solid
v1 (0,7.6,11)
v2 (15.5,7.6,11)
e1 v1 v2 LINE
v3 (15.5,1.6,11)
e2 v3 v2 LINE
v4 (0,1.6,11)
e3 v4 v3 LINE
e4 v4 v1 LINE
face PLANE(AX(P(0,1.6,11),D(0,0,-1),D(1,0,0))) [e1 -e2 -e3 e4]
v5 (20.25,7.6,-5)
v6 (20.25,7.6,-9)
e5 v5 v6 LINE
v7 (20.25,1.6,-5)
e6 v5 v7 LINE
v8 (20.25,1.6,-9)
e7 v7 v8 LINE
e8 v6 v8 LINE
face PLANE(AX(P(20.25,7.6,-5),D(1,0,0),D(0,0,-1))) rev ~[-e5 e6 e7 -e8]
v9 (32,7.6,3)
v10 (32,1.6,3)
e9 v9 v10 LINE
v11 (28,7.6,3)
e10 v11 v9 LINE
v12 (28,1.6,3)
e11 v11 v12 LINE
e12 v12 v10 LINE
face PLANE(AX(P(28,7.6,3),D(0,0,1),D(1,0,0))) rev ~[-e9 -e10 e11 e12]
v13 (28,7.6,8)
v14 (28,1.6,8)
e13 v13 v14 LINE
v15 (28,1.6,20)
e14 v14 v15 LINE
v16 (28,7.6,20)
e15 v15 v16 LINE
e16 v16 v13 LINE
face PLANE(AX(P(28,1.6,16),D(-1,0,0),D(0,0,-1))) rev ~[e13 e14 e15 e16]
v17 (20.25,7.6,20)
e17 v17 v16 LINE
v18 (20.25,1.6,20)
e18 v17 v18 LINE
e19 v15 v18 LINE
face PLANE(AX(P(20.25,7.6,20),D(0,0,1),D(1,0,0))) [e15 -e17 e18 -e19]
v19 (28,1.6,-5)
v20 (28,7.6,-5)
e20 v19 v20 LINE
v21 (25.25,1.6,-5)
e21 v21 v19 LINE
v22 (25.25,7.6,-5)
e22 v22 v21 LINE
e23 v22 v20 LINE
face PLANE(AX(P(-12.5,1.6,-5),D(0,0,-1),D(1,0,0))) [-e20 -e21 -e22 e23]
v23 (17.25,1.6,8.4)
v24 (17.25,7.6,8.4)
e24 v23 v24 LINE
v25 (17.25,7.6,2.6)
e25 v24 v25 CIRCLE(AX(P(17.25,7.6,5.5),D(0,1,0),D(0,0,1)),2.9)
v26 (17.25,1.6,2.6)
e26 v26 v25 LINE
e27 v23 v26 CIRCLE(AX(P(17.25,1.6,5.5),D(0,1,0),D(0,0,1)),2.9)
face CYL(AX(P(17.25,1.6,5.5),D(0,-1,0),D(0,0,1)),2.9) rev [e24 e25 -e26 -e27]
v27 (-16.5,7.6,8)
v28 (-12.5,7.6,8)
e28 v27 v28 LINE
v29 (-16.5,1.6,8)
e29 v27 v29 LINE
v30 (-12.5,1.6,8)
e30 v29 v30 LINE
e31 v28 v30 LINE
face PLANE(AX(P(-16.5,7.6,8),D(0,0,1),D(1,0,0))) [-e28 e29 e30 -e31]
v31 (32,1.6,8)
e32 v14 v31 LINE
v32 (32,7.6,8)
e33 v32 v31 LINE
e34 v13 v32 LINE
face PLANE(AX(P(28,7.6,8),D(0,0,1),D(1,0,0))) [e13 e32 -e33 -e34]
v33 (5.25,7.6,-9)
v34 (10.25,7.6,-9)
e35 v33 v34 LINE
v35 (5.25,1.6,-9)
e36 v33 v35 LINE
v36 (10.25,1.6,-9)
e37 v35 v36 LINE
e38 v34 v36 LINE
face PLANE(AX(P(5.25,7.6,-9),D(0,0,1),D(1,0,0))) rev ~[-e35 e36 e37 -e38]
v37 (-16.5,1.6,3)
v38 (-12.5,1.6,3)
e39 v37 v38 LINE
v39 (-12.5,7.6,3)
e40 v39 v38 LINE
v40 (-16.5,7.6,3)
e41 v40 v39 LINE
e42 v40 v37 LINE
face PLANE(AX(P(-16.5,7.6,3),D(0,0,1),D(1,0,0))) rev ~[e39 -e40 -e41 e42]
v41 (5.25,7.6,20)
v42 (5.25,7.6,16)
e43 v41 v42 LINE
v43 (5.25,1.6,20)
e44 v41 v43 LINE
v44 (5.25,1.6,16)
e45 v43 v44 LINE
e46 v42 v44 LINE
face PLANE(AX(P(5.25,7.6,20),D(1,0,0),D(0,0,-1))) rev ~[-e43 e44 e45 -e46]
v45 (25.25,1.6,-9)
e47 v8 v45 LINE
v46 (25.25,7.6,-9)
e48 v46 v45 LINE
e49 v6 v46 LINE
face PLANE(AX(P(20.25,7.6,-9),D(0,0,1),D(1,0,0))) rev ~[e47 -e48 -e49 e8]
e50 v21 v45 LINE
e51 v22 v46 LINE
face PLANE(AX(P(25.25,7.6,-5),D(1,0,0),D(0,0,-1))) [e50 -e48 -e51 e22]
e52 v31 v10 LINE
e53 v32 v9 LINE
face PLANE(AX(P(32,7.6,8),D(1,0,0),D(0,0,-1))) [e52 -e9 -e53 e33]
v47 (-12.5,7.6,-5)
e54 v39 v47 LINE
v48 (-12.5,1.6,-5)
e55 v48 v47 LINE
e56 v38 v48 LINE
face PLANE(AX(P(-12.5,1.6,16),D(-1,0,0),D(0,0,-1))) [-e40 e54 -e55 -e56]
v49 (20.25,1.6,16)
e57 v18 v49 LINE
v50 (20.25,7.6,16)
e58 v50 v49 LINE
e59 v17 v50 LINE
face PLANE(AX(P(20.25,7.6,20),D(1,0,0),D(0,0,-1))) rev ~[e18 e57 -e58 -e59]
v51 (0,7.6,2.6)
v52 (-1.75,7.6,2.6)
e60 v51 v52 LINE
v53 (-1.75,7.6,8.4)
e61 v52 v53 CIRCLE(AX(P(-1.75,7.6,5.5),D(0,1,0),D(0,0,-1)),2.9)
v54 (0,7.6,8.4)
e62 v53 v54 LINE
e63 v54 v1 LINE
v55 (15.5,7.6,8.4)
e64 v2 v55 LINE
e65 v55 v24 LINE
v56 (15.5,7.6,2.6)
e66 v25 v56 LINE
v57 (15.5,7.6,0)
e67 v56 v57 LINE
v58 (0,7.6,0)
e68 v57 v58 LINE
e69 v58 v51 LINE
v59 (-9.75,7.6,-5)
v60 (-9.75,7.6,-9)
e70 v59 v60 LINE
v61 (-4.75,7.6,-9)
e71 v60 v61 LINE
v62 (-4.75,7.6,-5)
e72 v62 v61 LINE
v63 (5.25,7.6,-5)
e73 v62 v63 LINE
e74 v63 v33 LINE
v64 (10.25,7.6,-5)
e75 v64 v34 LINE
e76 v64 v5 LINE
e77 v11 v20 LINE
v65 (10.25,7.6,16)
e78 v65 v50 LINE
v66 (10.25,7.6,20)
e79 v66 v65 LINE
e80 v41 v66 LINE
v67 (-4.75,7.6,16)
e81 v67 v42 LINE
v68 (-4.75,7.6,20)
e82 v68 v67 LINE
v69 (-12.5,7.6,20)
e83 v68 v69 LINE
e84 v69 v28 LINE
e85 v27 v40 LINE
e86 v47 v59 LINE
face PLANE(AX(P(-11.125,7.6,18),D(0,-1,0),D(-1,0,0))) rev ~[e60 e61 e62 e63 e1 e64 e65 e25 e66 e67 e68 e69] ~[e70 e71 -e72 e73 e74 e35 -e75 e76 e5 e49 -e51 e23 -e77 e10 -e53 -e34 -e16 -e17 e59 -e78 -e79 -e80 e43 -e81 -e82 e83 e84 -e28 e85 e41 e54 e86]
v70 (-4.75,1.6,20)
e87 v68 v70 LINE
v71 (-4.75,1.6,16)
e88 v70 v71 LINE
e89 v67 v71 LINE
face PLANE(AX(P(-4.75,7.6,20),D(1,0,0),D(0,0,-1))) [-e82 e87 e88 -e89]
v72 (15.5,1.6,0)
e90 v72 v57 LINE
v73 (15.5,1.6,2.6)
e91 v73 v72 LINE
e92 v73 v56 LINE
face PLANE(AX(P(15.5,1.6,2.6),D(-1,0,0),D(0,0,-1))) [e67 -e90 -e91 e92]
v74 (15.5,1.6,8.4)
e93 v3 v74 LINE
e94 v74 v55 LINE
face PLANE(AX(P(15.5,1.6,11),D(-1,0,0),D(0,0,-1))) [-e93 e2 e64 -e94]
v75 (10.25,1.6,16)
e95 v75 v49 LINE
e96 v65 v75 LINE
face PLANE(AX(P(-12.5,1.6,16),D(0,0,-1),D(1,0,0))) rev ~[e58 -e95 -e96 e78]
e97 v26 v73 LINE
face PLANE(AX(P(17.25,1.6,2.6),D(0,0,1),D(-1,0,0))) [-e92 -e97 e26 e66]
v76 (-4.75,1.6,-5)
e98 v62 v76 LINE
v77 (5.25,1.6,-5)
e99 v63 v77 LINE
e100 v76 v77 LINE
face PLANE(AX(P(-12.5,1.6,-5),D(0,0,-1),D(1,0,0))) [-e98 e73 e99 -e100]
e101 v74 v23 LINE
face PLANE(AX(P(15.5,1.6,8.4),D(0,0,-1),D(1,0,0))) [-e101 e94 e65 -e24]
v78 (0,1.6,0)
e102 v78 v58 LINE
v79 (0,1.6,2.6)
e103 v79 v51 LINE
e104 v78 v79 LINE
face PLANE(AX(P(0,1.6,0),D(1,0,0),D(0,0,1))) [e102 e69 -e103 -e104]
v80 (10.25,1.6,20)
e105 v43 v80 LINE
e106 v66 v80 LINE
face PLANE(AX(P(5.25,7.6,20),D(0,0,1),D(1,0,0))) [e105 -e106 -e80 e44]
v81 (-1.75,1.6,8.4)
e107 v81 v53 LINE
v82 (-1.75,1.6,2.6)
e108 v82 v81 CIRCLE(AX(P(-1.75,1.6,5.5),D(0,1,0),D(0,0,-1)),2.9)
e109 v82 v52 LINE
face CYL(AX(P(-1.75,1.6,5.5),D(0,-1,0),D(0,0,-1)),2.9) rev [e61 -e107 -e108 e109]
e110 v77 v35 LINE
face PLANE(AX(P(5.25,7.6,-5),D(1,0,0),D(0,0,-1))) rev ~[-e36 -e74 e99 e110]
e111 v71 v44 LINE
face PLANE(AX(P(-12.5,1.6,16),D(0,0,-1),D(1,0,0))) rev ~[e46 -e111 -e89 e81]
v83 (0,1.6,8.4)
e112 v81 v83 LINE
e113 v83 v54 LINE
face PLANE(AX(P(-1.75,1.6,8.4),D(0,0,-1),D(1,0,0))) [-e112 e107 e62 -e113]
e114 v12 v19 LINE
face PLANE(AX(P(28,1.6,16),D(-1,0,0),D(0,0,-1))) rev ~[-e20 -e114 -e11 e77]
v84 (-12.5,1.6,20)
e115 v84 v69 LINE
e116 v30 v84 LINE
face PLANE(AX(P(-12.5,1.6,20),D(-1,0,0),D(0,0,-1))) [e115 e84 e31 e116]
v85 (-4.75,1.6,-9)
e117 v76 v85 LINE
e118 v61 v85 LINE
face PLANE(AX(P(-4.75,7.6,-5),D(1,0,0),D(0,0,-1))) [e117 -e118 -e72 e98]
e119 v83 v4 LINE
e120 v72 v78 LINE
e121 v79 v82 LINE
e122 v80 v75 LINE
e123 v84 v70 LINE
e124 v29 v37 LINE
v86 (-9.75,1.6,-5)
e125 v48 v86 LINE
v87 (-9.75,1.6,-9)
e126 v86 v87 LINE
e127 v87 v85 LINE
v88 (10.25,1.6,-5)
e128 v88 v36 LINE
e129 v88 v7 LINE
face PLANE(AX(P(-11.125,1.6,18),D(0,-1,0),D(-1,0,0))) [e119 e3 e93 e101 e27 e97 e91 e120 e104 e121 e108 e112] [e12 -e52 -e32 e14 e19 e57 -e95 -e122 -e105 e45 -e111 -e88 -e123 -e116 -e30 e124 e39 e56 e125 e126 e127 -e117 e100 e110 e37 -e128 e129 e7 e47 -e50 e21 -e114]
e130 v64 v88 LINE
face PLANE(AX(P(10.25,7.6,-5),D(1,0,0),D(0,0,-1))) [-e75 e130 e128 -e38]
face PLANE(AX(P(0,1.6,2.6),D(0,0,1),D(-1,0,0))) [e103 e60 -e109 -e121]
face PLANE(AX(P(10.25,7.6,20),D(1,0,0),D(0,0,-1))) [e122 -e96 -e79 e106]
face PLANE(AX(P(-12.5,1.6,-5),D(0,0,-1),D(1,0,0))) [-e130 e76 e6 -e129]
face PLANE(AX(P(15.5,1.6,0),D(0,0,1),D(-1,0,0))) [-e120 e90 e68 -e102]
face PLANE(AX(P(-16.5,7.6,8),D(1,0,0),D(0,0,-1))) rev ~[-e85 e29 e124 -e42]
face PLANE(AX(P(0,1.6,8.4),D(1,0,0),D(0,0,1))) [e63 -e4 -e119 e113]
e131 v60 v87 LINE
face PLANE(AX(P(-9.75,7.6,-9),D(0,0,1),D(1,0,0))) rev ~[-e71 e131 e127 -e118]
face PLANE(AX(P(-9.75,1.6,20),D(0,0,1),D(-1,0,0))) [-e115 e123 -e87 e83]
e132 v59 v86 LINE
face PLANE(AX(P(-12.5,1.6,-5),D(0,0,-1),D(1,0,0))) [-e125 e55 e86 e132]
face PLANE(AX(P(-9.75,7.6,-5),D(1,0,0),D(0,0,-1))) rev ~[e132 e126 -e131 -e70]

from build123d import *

# Parameters (mm, degrees)
SKETCH1_W           = 15.5
SKETCH1_H           = 11
BOSS_EXTRUDE1_DEPTH = 1.6
BOSS_EXTRUDE2_DEPTH = 1.6
SKETCH3_W           = 40.5
SKETCH3_H           = 21
BOSS_EXTRUDE3_DEPTH = 6
CUT_EXTRUDE1_DEPTH  = 2.6
SKETCH5_W           = 5
SKETCH5_H           = 4
BOSS_EXTRUDE4_DEPTH = 6
LPATTERN1_COUNT     = 2
LPATTERN1_PITCH     = 15
LPATTERN1_COL_COUNT = 2
LPATTERN1_COL_PITCH = 15
SKETCH6_W           = 4
SKETCH6_H           = 5
BOSS_EXTRUDE5_DEPTH = 6
SKETCH7_W           = 2.75
SKETCH7_H           = 4
BOSS_EXTRUDE6_DEPTH = 6


with BuildPart() as part:
    # Sketch1 → Boss-Extrude1 (new body)
    with BuildSketch(Plane(origin=(0, 0, 0), x_dir=(1, 0, 0), z_dir=(0, 1, 0))):
        with Locations((7.75, -5.5)):
            Rectangle(SKETCH1_W, SKETCH1_H)
    extrude(amount=BOSS_EXTRUDE1_DEPTH)

    # Sketch2 → Boss-Extrude2 (add, through all)
    with BuildSketch(Plane(origin=(0, 1.6, 0), x_dir=(1, 0, 0), z_dir=(0, 1, 0))):
        with BuildLine():
            Line((-1.75, -4), (-1.75, -2.6))
            ThreePointArc((-1.75, -2.6), (-4.65, -5.5), (-1.75, -8.4))
            Line((-1.75, -8.4), (-1.75, -7))
            ThreePointArc((-1.75, -7), (-3.25, -5.5), (-1.75, -4))
        make_face()
        with BuildLine():
            ThreePointArc((0, -3.187533784), (-0.827002716, -2.750804479), (-1.75, -2.6))
            Line((-1.75, -2.6), (-1.75, -4))
            ThreePointArc((-1.75, -4), (-0.689339828, -4.439339828), (-0.25, -5.5))
            ThreePointArc((-0.25, -5.5), (-0.689339828, -6.560660172), (-1.75, -7))
            Line((-1.75, -7), (-1.75, -8.4))
            ThreePointArc((-1.75, -8.4), (-0.827002716, -8.249195521), (0, -7.812466216))
            Line((0, -7.812466216), (0, -3.187533784))
        make_face()
        with BuildLine():
            Line((0, -2.6), (-1.75, -2.6))
            ThreePointArc((-1.75, -2.6), (-0.827002716, -2.750804479), (0, -3.187533784))
            Line((0, -3.187533784), (0, -2.6))
        make_face()
        with BuildLine():
            ThreePointArc((0, -7.812466216), (-0.827002716, -8.249195521), (-1.75, -8.4))
            Line((-1.75, -8.4), (0, -8.4))
            Line((0, -8.4), (0, -7.812466216))
        make_face()
        with BuildLine():
            ThreePointArc((20.15, -5.5), (19.300609665, -3.449390335), (17.25, -2.6))
            Line((17.25, -2.6), (17.25, -4))
            ThreePointArc((17.25, -4), (18.310660172, -4.439339828), (18.75, -5.5))
            ThreePointArc((18.75, -5.5), (18.310660172, -6.560660172), (17.25, -7))
            Line((17.25, -7), (17.25, -8.4))
            ThreePointArc((17.25, -8.4), (19.300609665, -7.550609665), (20.15, -5.5))
        make_face()
        with BuildLine():
            Line((17.25, -4), (17.25, -2.6))
            ThreePointArc((17.25, -2.6), (16.327002716, -2.750804479), (15.5, -3.187533784))
            Line((15.5, -3.187533784), (15.5, -7.812466216))
            ThreePointArc((15.5, -7.812466216), (16.327002716, -8.249195521), (17.25, -8.4))
            Line((17.25, -8.4), (17.25, -7))
            ThreePointArc((17.25, -7), (15.75, -5.5), (17.25, -4))
        make_face()
        with BuildLine():
            Line((17.25, -2.6), (15.5, -2.6))
            Line((15.5, -2.6), (15.5, -3.187533784))
            ThreePointArc((15.5, -3.187533784), (16.327002716, -2.750804479), (17.25, -2.6))
        make_face()
        with BuildLine():
            Line((15.5, -7.812466216), (15.5, -8.4))
            Line((15.5, -8.4), (17.25, -8.4))
            ThreePointArc((17.25, -8.4), (16.327002716, -8.249195521), (15.5, -7.812466216))
        make_face()
    extrude(amount=-BOSS_EXTRUDE2_DEPTH)

    # Sketch4 → Cut-Extrude1 (cut, through all)
    with BuildSketch(Plane(origin=(0, 1.6, 0), x_dir=(1, 0, 0), z_dir=(0, 1, 0))):
        with BuildLine():
            Line((0, 0), (0, -2.6))
            Line((0, -2.6), (-1.75, -2.6))
            ThreePointArc((-1.75, -2.6), (-4.65, -5.5), (-1.75, -8.4))
            Line((-1.75, -8.4), (0, -8.4))
            Line((0, -8.4), (0, -11))
            Line((0, -11), (15.5, -11))
            Line((15.5, -11), (15.5, -8.4))
            Line((15.5, -8.4), (17.25, -8.4))
            ThreePointArc((17.25, -8.4), (20.15, -5.5), (17.25, -2.6))
            Line((17.25, -2.6), (15.5, -2.6))
            Line((15.5, -2.6), (15.5, 0))
            Line((15.5, 0), (0, 0))
        make_face()
    extrude(amount=-CUT_EXTRUDE1_DEPTH, mode=Mode.SUBTRACT)


with BuildPart() as body_2:
    # Sketch3 → Boss-Extrude3 (new body)
    with BuildSketch(Plane(origin=(0, 1.6, 0), x_dir=(1, 0, 0), z_dir=(0, 1, 0))):
        with Locations((7.75, -5.5)):
            Rectangle(SKETCH3_W, SKETCH3_H)
        with BuildLine():
            Line((0, 0), (0, -2.6))
            Line((0, -2.6), (-1.75, -2.6))
            ThreePointArc((-1.75, -2.6), (-4.65, -5.5), (-1.75, -8.4))
            Line((-1.75, -8.4), (0, -8.4))
            Line((0, -8.4), (0, -11))
            Line((0, -11), (15.5, -11))
            Line((15.5, -11), (15.5, -8.4))
            Line((15.5, -8.4), (17.25, -8.4))
            ThreePointArc((17.25, -8.4), (20.15, -5.5), (17.25, -2.6))
            Line((17.25, -2.6), (15.5, -2.6))
            Line((15.5, -2.6), (15.5, 0))
            Line((15.5, 0), (0, 0))
        make_face(mode=Mode.SUBTRACT)
    extrude(amount=BOSS_EXTRUDE3_DEPTH)

    # Sketch5 → Boss-Extrude4 (add, through all)
    with BuildSketch(Plane(origin=(0, 7.6, 0), x_dir=(1, 0, 0), z_dir=(0, 1, 0))):
        with Locations((7.75, 7)):
            Rectangle(SKETCH5_W, SKETCH5_H)
        with Locations((7.75, -18)):
            Rectangle(SKETCH5_W, SKETCH5_H)
    boss_extrude4 = extrude(amount=-BOSS_EXTRUDE4_DEPTH)

    # LPattern1: Boss-Extrude4 ×2
    with Locations(*[(i * LPATTERN1_PITCH, 0, 0) for i in range(1, LPATTERN1_COUNT)]):
        add(boss_extrude4)

    # LPattern1 col: Boss-Extrude4 ×2
    with Locations(*[(-i * LPATTERN1_COL_PITCH, 0, 0) for i in range(1, LPATTERN1_COL_COUNT)]):
        add(boss_extrude4)

    # Sketch6 → Boss-Extrude5 (add, through all)
    with BuildSketch(Plane(origin=(0, 7.6, 0), x_dir=(1, 0, 0), z_dir=(0, 1, 0))):
        with Locations((-14.5, -5.5)):
            Rectangle(SKETCH6_W, SKETCH6_H)
        with Locations((30, -5.5)):
            Rectangle(SKETCH6_W, SKETCH6_H)
    extrude(amount=-BOSS_EXTRUDE5_DEPTH)

    # Sketch7 → Boss-Extrude6 (add, through all)
    with BuildSketch(Plane(origin=(0, 1.6, 0), x_dir=(-1, 0, 0), z_dir=(0, -1, 0))):
        with Locations((11.125, -18)):
            Rectangle(SKETCH7_W, SKETCH7_H)
        with Locations((-26.625, -18)):
            Rectangle(SKETCH7_W, SKETCH7_H)
    extrude(amount=-BOSS_EXTRUDE6_DEPTH)


solid = body_2.part
